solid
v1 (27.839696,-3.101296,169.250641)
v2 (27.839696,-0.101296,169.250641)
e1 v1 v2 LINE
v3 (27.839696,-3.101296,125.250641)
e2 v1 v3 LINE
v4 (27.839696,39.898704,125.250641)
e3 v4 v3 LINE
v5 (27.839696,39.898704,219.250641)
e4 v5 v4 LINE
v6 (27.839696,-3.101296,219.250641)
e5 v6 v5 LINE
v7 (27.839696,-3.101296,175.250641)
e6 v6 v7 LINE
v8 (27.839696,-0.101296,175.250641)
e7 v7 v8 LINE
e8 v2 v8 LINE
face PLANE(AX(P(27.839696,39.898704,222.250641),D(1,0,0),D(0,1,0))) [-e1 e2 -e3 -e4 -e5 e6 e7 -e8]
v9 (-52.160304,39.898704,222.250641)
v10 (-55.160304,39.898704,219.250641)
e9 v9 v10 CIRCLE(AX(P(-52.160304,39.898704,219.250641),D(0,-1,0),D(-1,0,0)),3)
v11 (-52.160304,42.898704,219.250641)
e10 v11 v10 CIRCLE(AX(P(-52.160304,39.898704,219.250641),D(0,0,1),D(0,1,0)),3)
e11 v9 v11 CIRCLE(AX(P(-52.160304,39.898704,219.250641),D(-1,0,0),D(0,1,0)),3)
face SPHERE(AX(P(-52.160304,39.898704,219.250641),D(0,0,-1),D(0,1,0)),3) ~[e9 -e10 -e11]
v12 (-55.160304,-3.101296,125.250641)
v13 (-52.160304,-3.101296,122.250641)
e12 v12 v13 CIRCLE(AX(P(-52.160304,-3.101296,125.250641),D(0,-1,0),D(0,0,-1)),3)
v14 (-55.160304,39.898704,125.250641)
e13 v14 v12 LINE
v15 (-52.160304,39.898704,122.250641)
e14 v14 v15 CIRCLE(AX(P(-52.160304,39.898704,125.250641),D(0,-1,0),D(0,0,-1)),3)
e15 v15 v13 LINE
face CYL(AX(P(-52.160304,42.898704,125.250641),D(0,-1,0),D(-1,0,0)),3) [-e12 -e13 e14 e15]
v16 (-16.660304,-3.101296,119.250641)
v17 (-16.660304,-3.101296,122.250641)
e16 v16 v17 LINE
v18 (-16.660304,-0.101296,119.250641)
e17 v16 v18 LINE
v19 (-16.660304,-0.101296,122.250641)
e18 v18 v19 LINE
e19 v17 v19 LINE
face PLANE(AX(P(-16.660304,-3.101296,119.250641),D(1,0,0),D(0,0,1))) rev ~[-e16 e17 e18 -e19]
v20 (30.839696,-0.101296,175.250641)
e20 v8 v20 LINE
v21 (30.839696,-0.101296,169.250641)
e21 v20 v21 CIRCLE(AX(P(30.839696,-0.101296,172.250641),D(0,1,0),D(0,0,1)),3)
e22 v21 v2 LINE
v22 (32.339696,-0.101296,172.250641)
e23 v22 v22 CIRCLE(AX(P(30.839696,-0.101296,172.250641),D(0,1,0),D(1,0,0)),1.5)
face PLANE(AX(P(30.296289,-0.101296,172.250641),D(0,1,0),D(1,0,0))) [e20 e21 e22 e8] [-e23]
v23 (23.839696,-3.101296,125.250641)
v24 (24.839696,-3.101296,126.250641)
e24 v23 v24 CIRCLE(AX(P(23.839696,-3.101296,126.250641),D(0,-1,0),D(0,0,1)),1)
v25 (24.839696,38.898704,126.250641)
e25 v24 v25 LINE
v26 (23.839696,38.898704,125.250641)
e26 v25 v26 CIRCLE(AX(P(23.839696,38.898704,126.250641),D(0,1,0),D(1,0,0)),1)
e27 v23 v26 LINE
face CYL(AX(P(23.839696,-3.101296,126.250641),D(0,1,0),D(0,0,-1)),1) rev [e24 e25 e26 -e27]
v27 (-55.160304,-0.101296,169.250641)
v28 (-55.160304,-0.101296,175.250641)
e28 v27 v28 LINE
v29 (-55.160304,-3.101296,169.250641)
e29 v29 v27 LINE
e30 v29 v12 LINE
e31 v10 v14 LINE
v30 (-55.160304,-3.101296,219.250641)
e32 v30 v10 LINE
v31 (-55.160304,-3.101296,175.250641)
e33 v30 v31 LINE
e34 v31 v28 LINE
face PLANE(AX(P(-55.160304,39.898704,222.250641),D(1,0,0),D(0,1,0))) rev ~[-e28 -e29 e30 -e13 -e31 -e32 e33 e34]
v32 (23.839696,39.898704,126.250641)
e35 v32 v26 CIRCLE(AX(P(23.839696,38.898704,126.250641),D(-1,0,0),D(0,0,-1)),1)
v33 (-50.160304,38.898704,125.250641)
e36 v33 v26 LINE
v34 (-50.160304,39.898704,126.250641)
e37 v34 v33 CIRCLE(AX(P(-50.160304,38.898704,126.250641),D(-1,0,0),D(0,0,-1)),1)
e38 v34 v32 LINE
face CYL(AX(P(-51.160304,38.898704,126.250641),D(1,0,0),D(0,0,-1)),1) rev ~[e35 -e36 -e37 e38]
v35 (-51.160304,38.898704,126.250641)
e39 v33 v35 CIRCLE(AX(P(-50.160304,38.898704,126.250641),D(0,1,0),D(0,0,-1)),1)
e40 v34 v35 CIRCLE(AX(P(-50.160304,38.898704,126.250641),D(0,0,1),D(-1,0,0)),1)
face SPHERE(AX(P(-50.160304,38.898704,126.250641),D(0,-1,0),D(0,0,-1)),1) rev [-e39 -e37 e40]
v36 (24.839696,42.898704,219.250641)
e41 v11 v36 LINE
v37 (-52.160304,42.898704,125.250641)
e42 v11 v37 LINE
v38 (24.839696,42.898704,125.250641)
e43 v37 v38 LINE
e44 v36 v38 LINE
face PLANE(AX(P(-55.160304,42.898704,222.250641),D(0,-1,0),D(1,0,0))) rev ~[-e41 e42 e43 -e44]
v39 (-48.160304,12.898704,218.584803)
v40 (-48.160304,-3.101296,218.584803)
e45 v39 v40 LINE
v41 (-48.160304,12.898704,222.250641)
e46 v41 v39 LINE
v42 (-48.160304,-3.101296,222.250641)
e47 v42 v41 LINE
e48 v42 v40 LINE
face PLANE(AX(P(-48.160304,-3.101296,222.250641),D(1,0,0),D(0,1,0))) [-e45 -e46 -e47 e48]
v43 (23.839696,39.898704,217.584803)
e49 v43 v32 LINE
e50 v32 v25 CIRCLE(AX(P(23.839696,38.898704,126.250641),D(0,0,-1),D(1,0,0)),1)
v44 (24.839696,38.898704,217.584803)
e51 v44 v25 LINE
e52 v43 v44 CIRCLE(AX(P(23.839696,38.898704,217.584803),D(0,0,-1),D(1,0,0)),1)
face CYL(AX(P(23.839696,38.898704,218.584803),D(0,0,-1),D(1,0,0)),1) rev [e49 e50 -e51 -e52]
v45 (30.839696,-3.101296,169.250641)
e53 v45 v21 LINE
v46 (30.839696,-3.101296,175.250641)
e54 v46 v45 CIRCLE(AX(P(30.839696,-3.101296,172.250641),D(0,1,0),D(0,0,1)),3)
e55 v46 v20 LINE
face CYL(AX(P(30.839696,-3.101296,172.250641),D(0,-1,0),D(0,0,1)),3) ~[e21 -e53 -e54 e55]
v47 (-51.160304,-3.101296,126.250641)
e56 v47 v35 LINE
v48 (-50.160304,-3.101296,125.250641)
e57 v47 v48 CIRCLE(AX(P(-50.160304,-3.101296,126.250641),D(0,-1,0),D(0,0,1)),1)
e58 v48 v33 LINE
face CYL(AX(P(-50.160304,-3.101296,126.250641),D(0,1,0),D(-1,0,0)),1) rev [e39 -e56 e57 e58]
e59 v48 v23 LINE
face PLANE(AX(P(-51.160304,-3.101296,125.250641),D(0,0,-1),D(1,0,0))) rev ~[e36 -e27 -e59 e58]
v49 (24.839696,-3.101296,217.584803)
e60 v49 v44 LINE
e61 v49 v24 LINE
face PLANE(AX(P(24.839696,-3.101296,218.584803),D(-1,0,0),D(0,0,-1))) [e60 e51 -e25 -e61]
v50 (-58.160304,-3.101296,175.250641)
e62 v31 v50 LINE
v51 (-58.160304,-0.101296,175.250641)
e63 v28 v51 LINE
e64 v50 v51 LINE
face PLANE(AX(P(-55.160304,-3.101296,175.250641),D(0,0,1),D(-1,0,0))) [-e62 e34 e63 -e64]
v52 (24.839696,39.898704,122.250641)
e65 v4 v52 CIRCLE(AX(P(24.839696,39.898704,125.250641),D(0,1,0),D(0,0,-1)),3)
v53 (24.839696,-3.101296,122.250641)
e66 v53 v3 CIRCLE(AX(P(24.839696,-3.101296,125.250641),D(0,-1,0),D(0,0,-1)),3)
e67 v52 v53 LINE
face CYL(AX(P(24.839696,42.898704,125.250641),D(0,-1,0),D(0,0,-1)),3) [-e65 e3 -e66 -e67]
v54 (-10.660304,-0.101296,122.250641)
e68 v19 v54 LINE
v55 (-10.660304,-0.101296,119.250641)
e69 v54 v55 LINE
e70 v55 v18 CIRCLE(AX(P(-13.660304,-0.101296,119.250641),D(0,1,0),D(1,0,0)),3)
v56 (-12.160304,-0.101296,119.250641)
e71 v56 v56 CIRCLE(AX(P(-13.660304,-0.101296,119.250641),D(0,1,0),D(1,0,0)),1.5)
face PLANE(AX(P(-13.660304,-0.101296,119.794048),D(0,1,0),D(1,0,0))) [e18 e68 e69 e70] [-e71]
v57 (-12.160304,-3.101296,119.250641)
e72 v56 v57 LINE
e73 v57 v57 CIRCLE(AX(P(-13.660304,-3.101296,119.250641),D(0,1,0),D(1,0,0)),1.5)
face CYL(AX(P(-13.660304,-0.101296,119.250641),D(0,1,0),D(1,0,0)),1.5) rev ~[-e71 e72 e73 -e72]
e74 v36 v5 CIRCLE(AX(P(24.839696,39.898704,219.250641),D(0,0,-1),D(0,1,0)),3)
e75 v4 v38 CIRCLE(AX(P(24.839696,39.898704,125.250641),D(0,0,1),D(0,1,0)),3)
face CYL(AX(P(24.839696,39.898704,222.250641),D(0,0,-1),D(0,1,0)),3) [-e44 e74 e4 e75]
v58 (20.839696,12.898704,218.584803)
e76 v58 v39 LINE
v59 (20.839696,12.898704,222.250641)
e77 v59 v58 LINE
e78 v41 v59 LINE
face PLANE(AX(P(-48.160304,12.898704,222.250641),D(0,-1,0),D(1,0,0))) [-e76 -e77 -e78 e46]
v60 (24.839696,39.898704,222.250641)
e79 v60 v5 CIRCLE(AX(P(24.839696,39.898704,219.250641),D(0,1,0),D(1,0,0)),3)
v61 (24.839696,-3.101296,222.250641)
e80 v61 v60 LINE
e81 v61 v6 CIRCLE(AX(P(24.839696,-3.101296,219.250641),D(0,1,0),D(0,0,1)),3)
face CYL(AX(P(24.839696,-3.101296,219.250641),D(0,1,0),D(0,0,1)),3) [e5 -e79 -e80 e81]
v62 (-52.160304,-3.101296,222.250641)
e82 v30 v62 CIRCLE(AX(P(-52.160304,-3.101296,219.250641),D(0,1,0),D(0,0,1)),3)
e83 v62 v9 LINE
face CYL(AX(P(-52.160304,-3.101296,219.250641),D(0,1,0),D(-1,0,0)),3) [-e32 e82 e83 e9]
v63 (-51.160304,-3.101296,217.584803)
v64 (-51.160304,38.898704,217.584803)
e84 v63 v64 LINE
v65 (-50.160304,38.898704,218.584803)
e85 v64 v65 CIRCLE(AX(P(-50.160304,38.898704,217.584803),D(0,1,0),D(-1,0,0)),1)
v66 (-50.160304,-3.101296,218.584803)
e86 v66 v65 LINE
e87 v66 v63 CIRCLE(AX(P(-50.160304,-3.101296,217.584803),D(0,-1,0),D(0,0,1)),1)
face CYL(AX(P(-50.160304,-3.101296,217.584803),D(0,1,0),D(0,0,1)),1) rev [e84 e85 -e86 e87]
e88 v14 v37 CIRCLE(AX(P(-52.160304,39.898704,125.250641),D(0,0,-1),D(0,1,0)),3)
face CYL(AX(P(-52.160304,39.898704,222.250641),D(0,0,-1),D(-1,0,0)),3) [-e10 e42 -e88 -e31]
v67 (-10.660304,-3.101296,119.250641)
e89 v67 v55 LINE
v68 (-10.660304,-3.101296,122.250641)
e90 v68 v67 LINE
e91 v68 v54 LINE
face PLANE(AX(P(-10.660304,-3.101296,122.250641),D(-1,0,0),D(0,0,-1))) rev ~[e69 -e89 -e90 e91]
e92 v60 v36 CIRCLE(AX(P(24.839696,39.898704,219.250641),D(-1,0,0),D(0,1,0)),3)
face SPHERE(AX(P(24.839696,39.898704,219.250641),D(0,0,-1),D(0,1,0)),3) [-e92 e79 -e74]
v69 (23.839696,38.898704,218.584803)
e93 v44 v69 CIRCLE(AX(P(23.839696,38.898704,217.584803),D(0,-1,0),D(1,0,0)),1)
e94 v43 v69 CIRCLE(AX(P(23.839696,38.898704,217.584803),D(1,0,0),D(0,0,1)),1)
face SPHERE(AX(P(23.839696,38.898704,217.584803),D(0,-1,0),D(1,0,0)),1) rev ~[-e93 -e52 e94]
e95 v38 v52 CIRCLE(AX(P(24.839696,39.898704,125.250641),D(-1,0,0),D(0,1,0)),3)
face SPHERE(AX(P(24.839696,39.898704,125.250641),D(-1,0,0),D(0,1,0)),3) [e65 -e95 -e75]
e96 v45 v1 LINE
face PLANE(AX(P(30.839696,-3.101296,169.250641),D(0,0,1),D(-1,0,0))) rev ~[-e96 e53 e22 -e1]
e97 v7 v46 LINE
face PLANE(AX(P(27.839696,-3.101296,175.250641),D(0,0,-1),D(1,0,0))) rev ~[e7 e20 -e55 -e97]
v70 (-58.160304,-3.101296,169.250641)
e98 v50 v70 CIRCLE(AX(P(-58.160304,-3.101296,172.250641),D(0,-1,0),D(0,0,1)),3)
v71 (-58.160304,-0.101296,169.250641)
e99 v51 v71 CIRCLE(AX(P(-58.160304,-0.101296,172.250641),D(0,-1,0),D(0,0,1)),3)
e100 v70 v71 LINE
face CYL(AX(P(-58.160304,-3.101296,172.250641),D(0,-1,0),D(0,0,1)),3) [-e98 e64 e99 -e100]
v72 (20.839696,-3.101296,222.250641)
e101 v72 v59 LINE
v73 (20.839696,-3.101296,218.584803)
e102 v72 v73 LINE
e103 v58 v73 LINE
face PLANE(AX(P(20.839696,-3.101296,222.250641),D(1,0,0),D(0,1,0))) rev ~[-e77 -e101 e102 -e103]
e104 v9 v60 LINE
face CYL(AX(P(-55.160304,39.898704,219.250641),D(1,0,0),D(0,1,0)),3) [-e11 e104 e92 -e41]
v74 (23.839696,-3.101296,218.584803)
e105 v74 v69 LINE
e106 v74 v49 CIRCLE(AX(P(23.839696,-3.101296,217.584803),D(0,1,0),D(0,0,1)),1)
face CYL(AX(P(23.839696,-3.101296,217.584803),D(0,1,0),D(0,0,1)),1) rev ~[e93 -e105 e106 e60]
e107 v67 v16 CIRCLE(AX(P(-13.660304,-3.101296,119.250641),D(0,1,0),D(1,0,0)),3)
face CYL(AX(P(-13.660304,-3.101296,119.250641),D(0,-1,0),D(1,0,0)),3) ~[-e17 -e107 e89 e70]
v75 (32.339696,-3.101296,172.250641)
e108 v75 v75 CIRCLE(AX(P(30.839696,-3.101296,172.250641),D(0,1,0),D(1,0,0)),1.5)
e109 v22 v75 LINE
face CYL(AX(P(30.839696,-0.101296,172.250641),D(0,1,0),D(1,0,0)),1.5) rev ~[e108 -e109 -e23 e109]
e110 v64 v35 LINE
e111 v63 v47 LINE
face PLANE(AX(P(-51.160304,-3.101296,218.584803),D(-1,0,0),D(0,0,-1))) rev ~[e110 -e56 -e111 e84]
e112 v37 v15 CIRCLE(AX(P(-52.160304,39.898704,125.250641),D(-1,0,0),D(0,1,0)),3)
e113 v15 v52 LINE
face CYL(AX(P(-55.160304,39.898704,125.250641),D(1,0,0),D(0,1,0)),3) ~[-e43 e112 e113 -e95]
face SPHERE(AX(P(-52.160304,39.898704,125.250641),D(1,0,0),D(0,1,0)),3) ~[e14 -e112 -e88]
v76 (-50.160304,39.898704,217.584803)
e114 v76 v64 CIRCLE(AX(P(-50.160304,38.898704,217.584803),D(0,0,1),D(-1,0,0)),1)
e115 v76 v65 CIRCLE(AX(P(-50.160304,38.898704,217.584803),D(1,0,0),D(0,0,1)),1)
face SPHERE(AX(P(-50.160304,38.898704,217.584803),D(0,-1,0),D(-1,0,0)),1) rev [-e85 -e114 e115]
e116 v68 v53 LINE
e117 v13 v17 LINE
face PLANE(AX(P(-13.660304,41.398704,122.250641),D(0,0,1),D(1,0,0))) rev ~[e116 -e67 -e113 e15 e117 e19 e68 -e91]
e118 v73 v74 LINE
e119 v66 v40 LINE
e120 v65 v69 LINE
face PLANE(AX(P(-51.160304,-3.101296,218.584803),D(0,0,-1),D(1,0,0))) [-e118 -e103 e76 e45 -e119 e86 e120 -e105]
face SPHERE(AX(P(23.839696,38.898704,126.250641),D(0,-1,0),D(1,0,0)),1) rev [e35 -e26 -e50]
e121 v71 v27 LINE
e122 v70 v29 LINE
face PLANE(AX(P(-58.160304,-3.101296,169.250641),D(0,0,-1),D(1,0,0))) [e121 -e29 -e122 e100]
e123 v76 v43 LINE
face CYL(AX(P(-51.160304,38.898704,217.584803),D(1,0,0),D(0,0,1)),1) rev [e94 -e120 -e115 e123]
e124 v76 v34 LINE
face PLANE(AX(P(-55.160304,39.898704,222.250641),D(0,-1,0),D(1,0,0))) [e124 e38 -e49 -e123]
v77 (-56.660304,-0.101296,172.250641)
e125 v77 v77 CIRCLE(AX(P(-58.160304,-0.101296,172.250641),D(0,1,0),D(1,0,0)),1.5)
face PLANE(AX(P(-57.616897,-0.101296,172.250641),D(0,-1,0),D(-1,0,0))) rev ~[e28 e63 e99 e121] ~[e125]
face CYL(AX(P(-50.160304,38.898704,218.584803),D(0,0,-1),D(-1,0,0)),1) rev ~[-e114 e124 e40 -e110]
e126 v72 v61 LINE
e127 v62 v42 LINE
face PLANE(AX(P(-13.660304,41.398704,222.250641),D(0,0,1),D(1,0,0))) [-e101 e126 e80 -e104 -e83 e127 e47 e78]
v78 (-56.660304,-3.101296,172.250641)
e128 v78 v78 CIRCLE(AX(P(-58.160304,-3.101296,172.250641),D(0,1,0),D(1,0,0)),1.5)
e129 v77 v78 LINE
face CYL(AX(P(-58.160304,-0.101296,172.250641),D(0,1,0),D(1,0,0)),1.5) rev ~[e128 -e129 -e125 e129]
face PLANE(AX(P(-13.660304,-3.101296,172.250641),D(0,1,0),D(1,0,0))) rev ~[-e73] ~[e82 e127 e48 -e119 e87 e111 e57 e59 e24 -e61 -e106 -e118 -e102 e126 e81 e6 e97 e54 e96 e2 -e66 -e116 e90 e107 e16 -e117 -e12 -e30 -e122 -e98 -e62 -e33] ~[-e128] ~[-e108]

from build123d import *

# Parameters (mm, degrees)
CROQUIS2_W              = 83
CROQUIS2_H              = 100
CROQUIS2_W_2            = 76
CROQUIS2_H_2            = 93.334161502
SALIENTE_EXTRUIR1_DEPTH = 43
CROQUIS3_W              = 83
CROQUIS3_H              = 3
SALIENTE_EXTRUIR2_DEPTH = 100
CROQUIS4_W              = 69
CROQUIS4_H              = 16
CORTAR_EXTRUIR3_DEPTH   = 10
SALIENTE_EXTRUIR3_DEPTH = 3
CROQUIS6_R              = 1.5
CORTAR_EXTRUIR4_DEPTH   = 13
REDONDEO1_R             = 3
REDONDEO2_R             = 1


with BuildPart() as part:
    # Croquis2 → Saliente-Extruir1 (new body)
    with BuildSketch(Plane(origin=(0, -3.101295798, 0), x_dir=(1, 0, 0), z_dir=(0, 1, 0))):
        with Locations((-13.660303869, -172.250641144)):
            Rectangle(CROQUIS2_W, CROQUIS2_H)
        with Locations((-13.160303869, -171.917721895)):
            Rectangle(CROQUIS2_W_2, CROQUIS2_H_2, mode=Mode.SUBTRACT)
    extrude(amount=SALIENTE_EXTRUIR1_DEPTH)

    # Croquis3 → Saliente-Extruir2 (add)
    with BuildSketch(Plane.XY.offset(222.250641144)):
        with Locations((-13.660303869, 41.398704202)):
            Rectangle(CROQUIS3_W, CROQUIS3_H)
    extrude(amount=-SALIENTE_EXTRUIR2_DEPTH)

    # Croquis4 → Cortar-Extruir3 (cut)
    with BuildSketch(Plane.XY.offset(222.250641144)):
        with Locations((-13.660303869, 4.898704202)):
            Rectangle(CROQUIS4_W, CROQUIS4_H)
    extrude(amount=-CORTAR_EXTRUIR3_DEPTH, mode=Mode.SUBTRACT)

    # Croquis5 → Saliente-Extruir3 (add)
    with BuildSketch(Plane(origin=(0, -3.101295798, 0), x_dir=(1, 0, 0), z_dir=(0, 1, 0))):
        with BuildLine():
            Line((-58.160303869, -169.250641144), (-55.160303869, -169.250641144))
            Line((-55.160303869, -169.250641144), (-55.160303869, -175.250641144))
            Line((-55.160303869, -175.250641144), (-58.160303869, -175.250641144))
            ThreePointArc((-58.160303869, -175.250641144), (-61.160303869, -172.250641144), (-58.160303869, -169.250641144))
        make_face()
        with BuildLine():
            Line((-16.660303869, -119.250641144), (-16.660303869, -122.250641144))
            Line((-16.660303869, -122.250641144), (-10.660303869, -122.250641144))
            Line((-10.660303869, -122.250641144), (-10.660303869, -119.250641144))
            ThreePointArc((-10.660303869, -119.250641144), (-13.660303869, -116.250641144), (-16.660303869, -119.250641144))
        make_face()
        with BuildLine():
            Line((30.839696131, -169.250641144), (27.839696131, -169.250641144))
            Line((27.839696131, -169.250641144), (27.839696131, -175.250641144))
            Line((27.839696131, -175.250641144), (30.839696131, -175.250641144))
            ThreePointArc((30.839696131, -175.250641144), (33.839696131, -172.250641144), (30.839696131, -169.250641144))
        make_face()
    extrude(amount=SALIENTE_EXTRUIR3_DEPTH)

    # Croquis6 → Cortar-Extruir4 (cut)
    with BuildSketch(Plane(origin=(0, -0.101295798, 0), x_dir=(1, 0, 0), z_dir=(0, 1, 0))):
        with Locations((30.839696131, -172.250641144)):
            Circle(CROQUIS6_R)
        with Locations((-13.660303869, -119.250641144)):
            Circle(CROQUIS6_R)
        with Locations((-58.160303869, -172.250641144)):
            Circle(CROQUIS6_R)
    extrude(amount=-CORTAR_EXTRUIR4_DEPTH, mode=Mode.SUBTRACT)

    # Redondeo1
    redondeo1_edges = [part.edges().sort_by_distance(p)[0] for p in [
        (-13.660303869, 42.898704202, 122.250641144),
        (-55.160303869, 42.898704202, 172.250641144),
        (27.839696131, 42.898704202, 172.250641144),
        (-13.660303869, 42.898704202, 222.250641144),
        (-55.160303869, 19.898704202, 122.250641144),
        (27.839696131, 19.898704202, 122.250641144),
        (27.839696131, 19.898704202, 222.250641144),
        (-55.160303869, 19.898704202, 222.250641144),
    ]]
    fillet(redondeo1_edges, radius=REDONDEO1_R)

    # Redondeo2
    redondeo2_edges = [part.edges().sort_by_distance(p)[0] for p in [
        (24.839696131, 18.398704202, 218.584802646),
        (24.839696131, 18.398704202, 125.250641144),
        (-51.160303869, 18.398704202, 125.250641144),
        (-51.160303869, 18.398704202, 218.584802646),
        (24.839696131, 39.898704202, 171.917721895),
        (-13.160303869, 39.898704202, 125.250641144),
        (-51.160303869, 39.898704202, 171.917721895),
        (-13.160303869, 39.898704202, 218.584802646),
    ]]
    fillet(redondeo2_edges, radius=REDONDEO2_R)


solid = part.part
